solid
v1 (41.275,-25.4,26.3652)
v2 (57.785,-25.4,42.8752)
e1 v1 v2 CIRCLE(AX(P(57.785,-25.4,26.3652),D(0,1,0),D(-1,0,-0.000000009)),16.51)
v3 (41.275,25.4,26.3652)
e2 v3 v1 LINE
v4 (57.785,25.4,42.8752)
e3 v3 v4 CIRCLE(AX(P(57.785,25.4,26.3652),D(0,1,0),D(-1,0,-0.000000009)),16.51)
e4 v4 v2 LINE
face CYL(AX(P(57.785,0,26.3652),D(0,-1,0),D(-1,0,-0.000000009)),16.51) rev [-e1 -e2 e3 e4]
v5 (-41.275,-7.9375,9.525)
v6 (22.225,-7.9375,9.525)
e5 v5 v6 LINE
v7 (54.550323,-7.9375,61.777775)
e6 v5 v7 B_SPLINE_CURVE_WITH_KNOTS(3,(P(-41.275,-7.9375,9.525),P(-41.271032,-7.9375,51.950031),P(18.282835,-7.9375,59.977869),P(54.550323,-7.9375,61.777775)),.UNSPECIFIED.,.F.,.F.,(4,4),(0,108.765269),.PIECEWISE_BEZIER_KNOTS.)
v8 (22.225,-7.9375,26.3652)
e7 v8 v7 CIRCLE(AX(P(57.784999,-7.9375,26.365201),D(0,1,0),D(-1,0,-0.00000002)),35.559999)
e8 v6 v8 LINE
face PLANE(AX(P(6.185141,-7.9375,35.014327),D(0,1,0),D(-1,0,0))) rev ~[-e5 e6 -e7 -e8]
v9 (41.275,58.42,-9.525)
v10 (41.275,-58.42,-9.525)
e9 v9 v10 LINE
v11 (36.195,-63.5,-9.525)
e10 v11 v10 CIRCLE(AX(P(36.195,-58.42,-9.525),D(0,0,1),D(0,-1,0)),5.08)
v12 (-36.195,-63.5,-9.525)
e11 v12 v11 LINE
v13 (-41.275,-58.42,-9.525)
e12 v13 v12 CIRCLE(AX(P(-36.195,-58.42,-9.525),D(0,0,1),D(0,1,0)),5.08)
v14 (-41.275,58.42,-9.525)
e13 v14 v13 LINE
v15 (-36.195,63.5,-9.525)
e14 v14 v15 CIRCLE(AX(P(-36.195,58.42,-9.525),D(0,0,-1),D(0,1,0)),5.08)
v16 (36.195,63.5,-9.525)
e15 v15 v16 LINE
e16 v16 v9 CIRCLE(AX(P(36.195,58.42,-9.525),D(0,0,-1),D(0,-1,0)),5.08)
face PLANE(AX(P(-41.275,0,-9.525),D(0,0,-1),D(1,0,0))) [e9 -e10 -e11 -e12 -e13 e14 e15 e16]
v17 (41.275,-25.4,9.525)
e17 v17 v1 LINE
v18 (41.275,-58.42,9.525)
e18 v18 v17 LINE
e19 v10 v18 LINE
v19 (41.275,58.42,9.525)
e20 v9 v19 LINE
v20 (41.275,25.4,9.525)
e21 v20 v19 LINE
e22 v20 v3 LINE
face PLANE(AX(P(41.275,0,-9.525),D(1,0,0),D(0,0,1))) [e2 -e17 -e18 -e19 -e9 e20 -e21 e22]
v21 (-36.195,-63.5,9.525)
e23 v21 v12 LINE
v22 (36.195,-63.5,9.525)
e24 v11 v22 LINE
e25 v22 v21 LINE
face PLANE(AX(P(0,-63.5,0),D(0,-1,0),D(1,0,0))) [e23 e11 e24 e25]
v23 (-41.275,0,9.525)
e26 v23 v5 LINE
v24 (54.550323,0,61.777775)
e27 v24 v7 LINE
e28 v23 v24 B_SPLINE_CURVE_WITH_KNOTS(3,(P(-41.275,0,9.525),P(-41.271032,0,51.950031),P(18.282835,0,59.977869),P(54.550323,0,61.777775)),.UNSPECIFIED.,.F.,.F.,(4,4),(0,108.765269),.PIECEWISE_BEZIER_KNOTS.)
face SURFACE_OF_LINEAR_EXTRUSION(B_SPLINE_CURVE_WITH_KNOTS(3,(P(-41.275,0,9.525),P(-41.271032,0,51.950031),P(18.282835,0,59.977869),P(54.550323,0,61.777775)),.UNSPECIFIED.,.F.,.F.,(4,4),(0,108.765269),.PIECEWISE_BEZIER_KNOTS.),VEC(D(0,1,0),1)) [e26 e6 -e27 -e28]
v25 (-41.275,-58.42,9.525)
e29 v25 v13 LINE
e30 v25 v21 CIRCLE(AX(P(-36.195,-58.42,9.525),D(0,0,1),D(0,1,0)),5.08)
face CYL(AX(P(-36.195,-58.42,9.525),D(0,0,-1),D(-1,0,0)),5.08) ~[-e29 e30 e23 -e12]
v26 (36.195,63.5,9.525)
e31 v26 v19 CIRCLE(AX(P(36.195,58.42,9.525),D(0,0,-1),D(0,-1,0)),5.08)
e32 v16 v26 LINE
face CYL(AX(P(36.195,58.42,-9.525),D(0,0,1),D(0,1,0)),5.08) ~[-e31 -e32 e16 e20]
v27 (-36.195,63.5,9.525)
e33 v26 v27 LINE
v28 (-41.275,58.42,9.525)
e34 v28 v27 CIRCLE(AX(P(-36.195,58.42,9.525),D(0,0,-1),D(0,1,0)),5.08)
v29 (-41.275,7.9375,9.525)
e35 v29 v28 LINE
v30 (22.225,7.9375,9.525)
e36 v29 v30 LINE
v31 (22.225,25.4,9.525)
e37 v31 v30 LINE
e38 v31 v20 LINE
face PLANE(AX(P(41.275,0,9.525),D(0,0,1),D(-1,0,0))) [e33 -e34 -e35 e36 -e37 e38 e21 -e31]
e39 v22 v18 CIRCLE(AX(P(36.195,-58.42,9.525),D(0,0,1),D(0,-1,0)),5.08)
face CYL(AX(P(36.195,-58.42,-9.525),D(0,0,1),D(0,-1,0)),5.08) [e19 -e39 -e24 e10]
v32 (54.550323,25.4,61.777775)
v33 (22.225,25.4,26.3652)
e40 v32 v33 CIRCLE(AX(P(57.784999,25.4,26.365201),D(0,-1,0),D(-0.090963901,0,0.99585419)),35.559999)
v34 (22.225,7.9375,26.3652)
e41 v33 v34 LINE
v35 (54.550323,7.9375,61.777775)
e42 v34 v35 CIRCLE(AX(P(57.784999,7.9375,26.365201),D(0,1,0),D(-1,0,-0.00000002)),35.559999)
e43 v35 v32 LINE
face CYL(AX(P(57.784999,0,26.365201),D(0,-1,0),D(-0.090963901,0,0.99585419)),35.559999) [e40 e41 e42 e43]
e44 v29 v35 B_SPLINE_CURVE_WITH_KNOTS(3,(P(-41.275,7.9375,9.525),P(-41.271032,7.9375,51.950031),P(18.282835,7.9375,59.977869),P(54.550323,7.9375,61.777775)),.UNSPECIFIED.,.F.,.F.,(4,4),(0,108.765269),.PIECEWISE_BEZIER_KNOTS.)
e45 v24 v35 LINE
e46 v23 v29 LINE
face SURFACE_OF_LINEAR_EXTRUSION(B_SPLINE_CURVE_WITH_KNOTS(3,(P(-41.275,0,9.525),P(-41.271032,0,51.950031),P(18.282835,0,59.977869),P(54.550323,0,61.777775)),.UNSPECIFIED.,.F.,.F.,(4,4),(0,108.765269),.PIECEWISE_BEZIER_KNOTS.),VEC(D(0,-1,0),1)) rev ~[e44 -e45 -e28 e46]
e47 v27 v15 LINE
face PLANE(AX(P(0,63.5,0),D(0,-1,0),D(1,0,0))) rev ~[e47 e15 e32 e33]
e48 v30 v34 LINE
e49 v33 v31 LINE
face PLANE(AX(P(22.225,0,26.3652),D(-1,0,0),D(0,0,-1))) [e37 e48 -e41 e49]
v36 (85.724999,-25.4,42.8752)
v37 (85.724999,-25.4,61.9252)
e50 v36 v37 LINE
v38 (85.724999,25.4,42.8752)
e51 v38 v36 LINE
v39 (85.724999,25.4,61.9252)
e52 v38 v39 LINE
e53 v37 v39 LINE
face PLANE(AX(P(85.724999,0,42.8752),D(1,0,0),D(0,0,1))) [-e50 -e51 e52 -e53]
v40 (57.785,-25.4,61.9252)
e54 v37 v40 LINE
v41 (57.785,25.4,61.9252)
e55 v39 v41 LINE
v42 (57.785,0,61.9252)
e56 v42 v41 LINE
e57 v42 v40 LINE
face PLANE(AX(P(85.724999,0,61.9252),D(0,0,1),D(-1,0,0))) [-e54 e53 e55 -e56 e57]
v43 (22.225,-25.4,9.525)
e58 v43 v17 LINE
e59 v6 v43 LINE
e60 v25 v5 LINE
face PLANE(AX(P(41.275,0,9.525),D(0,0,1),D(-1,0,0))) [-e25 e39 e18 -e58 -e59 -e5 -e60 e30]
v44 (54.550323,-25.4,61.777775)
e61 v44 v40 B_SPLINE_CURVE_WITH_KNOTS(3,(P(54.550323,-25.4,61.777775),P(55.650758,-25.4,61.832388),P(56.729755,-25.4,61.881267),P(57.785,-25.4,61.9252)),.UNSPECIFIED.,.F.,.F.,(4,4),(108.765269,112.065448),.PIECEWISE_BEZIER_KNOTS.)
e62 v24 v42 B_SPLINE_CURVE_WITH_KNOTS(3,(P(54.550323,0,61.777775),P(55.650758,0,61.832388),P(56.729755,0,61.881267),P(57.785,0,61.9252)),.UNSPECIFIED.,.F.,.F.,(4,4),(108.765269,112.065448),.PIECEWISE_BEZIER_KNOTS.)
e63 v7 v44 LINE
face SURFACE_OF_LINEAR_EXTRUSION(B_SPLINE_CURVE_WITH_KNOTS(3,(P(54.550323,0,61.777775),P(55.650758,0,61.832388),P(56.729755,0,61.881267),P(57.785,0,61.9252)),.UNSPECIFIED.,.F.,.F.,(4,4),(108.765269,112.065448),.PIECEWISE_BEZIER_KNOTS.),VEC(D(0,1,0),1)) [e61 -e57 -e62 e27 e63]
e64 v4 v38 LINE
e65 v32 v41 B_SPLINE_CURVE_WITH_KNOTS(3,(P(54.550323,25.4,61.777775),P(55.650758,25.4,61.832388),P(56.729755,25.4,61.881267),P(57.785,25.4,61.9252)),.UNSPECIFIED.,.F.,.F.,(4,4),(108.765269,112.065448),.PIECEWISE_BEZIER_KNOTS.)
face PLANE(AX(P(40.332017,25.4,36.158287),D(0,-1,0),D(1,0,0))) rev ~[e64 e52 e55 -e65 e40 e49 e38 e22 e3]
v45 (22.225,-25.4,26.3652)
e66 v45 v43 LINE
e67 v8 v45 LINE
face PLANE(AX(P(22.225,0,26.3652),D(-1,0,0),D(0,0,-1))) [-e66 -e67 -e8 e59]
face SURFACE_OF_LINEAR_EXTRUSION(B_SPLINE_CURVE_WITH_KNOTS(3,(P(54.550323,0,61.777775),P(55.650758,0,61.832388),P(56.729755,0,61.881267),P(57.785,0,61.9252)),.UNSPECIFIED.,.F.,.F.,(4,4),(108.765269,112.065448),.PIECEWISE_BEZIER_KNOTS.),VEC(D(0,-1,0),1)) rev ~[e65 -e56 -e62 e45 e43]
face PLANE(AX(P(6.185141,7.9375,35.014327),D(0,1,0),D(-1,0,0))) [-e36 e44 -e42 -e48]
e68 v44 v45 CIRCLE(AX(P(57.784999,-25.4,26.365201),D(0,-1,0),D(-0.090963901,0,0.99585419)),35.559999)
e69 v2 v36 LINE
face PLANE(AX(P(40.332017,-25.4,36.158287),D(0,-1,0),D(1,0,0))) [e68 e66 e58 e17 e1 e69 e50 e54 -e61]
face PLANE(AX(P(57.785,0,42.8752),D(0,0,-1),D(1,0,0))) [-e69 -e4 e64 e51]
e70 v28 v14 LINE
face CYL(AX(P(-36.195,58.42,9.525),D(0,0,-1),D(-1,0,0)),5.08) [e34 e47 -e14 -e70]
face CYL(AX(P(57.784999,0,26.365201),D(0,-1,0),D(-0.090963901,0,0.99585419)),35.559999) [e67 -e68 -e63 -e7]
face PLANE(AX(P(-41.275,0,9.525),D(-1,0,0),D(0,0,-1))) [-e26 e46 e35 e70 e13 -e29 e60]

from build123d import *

# Parameters (mm, degrees)
F1_DEPTH = 63.5
F0_W     = 24.512149
F0_H     = 19.05
F2_DEPTH = 25.4
F3_DEPTH = 7.9375
F4_R     = 5.08


with BuildPart() as f1:
    # F0 (on Front) → F1 (new body, symmetric)
    with BuildSketch(Plane.XZ):
        Polygon((22.225, 9.525), (-41.275, 9.525), (-41.275, -9.525), (41.275, -9.525), (41.275, 9.525), align=None)
    extrude(amount=F1_DEPTH, both=True)

    # F0 (on Front) → F2 (join, symmetric)
    with BuildSketch(Plane.XZ):
        with BuildLine():
            Line((22.225, 26.3652), (22.225, 9.525))
            Line((22.225, 9.525), (41.275, 9.525))
            Line((41.275, 9.525), (41.275, 26.3652))
            ThreePointArc((41.275, 26.3652), (46.110667, 38.039533), (57.785, 42.8752))
            Line((57.785, 42.8752), (61.212851, 42.8752))
            Line((61.212851, 42.8752), (61.212851, 61.9252))
            Line((61.212851, 61.9252), (57.785, 61.9252))
            add(Edge.make_bspline(
                [(54.550323, 61.777775), (55.650758, 61.832388), (56.729755, 61.881267), (57.785, 61.9252)],
                knots=[108.765269, 108.765269, 108.765269, 108.765269, 112.065448, 112.065448, 112.065448, 112.065448], degree=3))
            ThreePointArc((54.550323, 61.777775), (31.521539, 50.339024), (22.225, 26.3652))
        make_face()
        with Locations((73.468925, 52.4002)):
            Rectangle(F0_W, F0_H)
    extrude(amount=F2_DEPTH, both=True)

    # F0 (on Front) → F3 (join, symmetric)
    with BuildSketch(Plane.XZ):
        with BuildLine():
            add(Edge.make_bspline(
                [(-41.275, 9.525), (-41.271032, 51.950031), (18.282835, 59.977869), (54.550323, 61.777775)],
                knots=[0, 0, 0, 0, 108.765269, 108.765269, 108.765269, 108.765269], degree=3))
            Line((-41.275, 9.525), (22.225, 9.525))
            Line((22.225, 9.525), (22.225, 26.3652))
            ThreePointArc((22.225, 26.3652), (31.521539, 50.339024), (54.550323, 61.777775))
        make_face()
    extrude(amount=F3_DEPTH, both=True)

    # F4
    f4_edges = [f1.edges().sort_by_distance(p)[0] for p in [
        (41.275, -63.5, 0),
        (41.275, 63.5, 0),
        (-41.275, -63.5, 0),
        (-41.275, 63.5, 0),
    ]]
    fillet(f4_edges, radius=F4_R)


solid = f1.part
